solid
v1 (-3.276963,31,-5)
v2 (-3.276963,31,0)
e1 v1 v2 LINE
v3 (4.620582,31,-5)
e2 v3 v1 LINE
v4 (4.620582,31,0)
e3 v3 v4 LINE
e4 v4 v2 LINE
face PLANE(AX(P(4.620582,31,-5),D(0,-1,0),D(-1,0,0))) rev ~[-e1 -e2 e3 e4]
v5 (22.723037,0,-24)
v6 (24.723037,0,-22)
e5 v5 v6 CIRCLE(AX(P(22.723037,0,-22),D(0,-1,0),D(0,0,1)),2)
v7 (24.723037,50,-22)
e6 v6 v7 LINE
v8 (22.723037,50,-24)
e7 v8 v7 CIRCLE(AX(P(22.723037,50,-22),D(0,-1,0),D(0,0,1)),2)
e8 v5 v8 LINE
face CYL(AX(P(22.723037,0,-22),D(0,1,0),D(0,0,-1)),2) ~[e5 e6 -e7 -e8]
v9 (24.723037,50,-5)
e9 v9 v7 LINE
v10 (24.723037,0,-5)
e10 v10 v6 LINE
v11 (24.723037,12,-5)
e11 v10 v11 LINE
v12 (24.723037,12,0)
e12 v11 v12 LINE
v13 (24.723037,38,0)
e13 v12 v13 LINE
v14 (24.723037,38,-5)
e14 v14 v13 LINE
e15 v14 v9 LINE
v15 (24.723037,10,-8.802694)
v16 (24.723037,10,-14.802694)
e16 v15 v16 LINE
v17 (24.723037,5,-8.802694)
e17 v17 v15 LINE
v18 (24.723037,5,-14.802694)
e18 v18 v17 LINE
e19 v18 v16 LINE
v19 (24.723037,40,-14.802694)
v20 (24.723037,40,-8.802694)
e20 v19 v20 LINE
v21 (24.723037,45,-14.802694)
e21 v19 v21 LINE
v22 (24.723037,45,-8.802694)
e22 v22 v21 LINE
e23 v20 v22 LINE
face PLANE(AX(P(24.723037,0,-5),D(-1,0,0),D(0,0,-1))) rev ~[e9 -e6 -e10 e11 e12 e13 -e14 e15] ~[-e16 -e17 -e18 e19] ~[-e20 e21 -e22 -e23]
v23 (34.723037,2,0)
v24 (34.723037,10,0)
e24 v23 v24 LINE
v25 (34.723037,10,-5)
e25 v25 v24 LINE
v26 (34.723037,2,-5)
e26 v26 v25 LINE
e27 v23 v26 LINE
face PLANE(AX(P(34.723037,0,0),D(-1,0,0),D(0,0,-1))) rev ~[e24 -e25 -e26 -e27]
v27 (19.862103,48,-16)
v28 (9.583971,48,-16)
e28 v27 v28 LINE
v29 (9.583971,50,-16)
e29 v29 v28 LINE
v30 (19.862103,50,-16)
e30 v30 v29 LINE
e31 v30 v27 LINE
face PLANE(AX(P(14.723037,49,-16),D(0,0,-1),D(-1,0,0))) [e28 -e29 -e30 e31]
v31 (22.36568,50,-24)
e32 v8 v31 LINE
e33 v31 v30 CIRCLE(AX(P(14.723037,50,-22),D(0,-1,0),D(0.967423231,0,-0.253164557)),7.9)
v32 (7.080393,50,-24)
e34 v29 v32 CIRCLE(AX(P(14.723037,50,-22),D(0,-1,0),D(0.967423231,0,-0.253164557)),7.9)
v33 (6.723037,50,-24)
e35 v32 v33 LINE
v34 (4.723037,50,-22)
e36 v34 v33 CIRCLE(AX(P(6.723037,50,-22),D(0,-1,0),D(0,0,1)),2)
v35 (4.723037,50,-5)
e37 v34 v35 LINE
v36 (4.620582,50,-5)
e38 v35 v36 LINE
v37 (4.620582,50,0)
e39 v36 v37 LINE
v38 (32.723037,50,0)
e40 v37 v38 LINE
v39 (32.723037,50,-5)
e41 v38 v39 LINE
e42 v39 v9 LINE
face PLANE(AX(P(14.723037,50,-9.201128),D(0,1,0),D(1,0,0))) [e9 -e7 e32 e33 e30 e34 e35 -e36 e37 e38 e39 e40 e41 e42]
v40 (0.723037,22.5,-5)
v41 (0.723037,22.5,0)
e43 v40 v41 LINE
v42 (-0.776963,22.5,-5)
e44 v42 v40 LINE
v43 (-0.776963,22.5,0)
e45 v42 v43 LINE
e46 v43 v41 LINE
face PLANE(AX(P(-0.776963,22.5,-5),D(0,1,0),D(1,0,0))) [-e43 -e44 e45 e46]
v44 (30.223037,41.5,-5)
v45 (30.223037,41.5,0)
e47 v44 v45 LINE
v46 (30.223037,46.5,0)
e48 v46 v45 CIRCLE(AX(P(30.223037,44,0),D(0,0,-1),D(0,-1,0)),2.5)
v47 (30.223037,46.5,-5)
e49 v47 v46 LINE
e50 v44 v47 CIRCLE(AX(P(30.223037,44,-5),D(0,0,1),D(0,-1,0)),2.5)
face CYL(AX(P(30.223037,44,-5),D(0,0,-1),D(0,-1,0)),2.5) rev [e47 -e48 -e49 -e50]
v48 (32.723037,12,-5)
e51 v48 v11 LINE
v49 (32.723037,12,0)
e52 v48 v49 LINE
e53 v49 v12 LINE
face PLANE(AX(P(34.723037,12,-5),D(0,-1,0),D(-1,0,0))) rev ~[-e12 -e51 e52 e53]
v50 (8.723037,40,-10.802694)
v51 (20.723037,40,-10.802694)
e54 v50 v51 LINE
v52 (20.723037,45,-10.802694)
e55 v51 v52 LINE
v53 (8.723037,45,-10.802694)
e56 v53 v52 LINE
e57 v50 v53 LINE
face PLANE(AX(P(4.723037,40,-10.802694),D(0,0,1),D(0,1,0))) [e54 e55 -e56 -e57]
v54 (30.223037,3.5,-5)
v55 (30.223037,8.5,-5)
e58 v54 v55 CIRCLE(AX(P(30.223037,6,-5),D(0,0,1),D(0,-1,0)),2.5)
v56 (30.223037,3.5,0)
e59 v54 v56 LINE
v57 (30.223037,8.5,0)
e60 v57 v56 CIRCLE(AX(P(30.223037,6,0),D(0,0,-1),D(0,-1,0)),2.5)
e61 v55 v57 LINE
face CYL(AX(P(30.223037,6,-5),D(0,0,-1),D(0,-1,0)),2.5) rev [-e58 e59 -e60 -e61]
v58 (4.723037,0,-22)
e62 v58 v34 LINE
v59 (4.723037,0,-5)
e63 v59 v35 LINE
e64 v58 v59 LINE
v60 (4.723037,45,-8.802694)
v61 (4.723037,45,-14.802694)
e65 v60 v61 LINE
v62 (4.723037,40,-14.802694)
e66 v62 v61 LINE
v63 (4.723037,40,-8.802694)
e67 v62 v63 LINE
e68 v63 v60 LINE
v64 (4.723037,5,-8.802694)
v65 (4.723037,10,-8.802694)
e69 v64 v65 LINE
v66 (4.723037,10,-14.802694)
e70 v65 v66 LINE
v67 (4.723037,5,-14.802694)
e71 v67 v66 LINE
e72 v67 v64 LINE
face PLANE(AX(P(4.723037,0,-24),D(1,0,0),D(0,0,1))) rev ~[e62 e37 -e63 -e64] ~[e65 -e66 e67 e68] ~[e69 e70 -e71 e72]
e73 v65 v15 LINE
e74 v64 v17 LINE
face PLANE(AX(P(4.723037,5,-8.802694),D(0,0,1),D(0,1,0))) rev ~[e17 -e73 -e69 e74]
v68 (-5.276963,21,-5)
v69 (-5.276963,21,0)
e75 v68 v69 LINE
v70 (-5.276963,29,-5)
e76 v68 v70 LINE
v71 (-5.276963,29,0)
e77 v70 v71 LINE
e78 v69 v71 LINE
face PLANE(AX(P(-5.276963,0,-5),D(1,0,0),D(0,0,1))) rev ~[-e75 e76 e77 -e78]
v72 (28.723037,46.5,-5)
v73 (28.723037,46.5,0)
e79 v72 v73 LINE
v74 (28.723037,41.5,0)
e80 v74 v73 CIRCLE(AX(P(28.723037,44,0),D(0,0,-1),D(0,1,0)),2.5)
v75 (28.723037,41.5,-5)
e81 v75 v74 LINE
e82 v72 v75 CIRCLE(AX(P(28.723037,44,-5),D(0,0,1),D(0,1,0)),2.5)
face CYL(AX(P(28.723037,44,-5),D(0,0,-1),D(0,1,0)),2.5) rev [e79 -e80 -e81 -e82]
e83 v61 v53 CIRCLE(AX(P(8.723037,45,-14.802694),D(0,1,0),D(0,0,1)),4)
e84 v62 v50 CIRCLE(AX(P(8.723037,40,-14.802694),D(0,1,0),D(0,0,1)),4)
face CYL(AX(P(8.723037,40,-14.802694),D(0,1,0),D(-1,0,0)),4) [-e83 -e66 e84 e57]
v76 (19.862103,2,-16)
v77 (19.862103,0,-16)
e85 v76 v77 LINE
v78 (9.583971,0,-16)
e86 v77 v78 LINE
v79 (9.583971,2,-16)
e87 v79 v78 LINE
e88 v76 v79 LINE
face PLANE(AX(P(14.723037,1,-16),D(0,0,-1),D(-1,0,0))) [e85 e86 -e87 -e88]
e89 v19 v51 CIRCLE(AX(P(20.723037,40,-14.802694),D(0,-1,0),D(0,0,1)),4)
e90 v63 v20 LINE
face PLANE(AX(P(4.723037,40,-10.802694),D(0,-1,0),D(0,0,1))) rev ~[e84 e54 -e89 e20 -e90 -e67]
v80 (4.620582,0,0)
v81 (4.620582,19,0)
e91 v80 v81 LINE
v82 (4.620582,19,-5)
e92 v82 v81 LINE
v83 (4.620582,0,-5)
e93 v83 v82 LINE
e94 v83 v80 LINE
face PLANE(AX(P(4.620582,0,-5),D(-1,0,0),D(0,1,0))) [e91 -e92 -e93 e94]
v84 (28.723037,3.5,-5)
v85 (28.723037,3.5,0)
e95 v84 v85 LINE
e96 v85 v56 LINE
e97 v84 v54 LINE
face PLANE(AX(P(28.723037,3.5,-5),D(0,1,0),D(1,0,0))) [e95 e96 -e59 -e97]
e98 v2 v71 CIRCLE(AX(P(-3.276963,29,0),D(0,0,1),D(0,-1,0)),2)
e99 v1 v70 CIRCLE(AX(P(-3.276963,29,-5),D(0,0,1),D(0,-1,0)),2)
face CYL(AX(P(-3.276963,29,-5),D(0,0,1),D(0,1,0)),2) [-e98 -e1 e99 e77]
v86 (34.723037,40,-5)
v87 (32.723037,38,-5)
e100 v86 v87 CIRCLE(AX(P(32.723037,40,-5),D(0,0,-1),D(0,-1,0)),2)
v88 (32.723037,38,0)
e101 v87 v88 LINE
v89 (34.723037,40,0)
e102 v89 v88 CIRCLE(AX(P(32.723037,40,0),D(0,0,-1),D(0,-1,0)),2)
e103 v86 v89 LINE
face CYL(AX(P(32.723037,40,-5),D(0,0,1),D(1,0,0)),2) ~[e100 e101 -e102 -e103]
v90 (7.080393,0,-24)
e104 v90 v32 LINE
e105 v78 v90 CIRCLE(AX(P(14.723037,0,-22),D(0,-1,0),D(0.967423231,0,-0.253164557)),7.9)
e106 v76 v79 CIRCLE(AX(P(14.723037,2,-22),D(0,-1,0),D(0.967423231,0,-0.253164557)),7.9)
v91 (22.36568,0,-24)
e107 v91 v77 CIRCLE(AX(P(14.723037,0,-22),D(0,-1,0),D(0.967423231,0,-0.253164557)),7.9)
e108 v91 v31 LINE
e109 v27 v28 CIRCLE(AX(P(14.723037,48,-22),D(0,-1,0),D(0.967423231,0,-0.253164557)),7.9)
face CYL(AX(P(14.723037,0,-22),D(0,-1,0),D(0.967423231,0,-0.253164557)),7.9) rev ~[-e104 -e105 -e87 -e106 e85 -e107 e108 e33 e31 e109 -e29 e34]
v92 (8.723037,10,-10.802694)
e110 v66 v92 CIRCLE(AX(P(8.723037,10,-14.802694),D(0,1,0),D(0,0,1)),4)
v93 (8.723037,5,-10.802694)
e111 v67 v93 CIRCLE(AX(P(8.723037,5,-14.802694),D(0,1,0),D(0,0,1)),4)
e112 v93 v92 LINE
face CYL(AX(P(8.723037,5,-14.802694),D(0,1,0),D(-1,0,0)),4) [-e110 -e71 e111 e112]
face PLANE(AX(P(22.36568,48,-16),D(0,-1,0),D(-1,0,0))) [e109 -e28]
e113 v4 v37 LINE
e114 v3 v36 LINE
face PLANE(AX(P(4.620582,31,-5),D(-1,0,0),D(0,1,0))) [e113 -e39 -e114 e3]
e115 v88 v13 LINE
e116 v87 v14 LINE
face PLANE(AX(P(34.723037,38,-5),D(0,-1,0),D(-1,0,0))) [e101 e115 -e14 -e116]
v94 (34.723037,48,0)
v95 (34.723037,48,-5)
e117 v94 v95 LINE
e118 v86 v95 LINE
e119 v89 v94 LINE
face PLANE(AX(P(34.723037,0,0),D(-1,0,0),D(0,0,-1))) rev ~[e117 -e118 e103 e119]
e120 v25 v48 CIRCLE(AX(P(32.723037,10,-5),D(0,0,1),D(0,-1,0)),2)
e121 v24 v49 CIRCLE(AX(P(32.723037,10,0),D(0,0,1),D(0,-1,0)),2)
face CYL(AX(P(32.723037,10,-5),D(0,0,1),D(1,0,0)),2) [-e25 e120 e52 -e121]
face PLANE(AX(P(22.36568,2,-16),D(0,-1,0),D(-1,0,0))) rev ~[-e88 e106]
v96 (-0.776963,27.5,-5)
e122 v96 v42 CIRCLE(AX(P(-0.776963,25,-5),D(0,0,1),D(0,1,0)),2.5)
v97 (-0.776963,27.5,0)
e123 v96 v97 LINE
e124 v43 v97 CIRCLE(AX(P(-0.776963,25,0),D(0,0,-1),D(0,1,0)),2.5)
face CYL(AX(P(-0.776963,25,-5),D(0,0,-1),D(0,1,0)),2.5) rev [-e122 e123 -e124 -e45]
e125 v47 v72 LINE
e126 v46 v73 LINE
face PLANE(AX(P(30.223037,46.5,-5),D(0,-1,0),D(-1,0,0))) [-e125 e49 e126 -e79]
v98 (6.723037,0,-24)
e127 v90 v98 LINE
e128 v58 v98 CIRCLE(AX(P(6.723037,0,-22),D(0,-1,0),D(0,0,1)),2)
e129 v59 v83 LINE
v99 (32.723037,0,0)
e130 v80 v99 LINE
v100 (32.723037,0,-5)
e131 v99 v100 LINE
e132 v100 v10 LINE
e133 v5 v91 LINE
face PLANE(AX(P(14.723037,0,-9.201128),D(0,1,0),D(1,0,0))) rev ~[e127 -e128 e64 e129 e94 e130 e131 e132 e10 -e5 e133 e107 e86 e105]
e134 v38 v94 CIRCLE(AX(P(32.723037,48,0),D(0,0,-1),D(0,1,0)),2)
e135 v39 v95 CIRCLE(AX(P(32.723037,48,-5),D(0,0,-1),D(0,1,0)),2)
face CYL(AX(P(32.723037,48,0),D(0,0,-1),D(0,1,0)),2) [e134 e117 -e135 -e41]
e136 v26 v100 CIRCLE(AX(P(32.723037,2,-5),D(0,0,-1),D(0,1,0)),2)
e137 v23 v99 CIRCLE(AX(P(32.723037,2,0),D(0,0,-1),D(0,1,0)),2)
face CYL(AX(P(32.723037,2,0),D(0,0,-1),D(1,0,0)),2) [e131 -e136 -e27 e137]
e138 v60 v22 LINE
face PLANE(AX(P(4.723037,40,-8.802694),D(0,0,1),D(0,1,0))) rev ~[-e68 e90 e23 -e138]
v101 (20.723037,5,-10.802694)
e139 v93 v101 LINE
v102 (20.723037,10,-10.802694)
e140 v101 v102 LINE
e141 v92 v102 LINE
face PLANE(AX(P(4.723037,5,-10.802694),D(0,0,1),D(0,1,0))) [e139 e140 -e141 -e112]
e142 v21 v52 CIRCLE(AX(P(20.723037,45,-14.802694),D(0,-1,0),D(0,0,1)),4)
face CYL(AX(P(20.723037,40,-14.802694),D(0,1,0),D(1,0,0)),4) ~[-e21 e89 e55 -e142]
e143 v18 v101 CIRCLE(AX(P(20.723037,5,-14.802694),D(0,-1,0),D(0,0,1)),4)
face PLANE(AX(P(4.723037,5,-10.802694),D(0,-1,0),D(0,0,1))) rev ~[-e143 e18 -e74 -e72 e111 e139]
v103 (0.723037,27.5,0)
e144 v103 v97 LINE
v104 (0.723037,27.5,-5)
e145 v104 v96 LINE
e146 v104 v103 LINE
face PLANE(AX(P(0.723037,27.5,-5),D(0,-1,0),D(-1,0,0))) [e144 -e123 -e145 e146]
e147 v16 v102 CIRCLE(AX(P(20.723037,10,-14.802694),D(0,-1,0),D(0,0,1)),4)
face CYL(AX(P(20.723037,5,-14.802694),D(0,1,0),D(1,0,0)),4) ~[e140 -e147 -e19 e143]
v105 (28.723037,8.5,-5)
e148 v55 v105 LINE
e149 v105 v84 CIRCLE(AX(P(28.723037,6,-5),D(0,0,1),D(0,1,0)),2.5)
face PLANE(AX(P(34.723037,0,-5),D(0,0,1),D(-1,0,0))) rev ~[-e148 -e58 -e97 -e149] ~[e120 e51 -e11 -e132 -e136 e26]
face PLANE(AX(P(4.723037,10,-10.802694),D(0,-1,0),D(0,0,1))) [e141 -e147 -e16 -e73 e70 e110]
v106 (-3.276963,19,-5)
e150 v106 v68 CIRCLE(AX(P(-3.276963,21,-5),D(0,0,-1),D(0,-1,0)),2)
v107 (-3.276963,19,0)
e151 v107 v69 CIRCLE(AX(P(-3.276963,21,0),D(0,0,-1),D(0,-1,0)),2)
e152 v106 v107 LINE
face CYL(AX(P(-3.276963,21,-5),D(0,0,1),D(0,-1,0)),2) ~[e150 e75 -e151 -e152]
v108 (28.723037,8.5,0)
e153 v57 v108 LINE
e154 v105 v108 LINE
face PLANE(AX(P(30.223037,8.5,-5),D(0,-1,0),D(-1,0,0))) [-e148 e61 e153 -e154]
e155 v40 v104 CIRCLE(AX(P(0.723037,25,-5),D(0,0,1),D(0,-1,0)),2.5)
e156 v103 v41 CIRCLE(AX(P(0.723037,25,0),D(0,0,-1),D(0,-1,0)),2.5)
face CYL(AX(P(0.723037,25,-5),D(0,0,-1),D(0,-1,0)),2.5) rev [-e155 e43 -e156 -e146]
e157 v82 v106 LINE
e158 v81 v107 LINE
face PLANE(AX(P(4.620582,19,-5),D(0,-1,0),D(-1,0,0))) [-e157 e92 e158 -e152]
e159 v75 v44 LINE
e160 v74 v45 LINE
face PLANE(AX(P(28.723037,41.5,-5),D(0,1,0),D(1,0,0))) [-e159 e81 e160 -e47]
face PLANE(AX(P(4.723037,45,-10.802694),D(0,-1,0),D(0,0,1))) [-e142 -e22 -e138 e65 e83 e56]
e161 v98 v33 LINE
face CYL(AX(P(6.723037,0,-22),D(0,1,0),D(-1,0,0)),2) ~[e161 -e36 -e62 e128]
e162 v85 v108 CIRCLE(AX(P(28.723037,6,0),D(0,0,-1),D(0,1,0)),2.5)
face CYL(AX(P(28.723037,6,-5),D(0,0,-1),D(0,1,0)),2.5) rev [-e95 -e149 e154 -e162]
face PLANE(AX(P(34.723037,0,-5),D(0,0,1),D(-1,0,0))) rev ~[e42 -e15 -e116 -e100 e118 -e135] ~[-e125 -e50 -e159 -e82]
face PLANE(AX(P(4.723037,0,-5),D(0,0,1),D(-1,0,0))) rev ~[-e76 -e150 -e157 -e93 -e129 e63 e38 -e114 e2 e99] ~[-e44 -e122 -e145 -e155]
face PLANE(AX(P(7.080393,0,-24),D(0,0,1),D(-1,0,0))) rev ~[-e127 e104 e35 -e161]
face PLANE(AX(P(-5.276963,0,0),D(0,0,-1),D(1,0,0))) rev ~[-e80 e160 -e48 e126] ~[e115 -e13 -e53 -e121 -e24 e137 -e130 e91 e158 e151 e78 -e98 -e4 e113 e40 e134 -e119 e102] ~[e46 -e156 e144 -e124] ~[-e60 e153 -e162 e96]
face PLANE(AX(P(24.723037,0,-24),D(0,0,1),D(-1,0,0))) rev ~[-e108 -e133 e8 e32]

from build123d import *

# Parameters (mm, degrees)
BOSS_EXTRUDE1_DEPTH = 50
SKETCH2_W           = 15.285287044
SKETCH2_H           = 2
BOSS_EXTRUDE2_DEPTH = 10
FILLET1_R           = 2
SKETCH3_W           = 10
SKETCH3_H           = 26
SKETCH3_W_2         = 9.897545425
SKETCH3_H_2         = 19
CUT_EXTRUDE1_DEPTH  = 6
SKETCH4_W           = 2
SKETCH4_H           = 5
CUT_EXTRUDE2_DEPTH  = 31
FILLET2_R           = 4
FILLET3_R           = 2


with BuildPart() as part:
    # Sketch1 → Boss-Extrude1 (new body)
    with BuildSketch(Plane(origin=(0, 0, 0), x_dir=(1, 0, 0), z_dir=(0, 1, 0))):
        with BuildLine():
            Line((-5.276963181, 0), (34.723036819, 0))
            Line((34.723036819, 0), (34.723036819, 5))
            Line((34.723036819, 5), (24.723036819, 5))
            Line((24.723036819, 5), (24.723036819, 24))
            Line((24.723036819, 24), (22.365680341, 24))
            ThreePointArc((22.365680341, 24), (14.723036819, 14.1), (7.080393297, 24))
            Line((7.080393297, 24), (4.723036819, 24))
            Line((4.723036819, 24), (4.723036819, 5))
            Line((4.723036819, 5), (-5.276963181, 5))
            Line((-5.276963181, 5), (-5.276963181, 0))
        make_face()
    extrude(amount=BOSS_EXTRUDE1_DEPTH)

    # Sketch2 → Boss-Extrude2 (add)
    with BuildSketch(Plane(origin=(0, 0, -16), x_dir=(-1, 0, 0), z_dir=(0, 0, -1))):
        with Locations((-14.723036819, 49)):
            Rectangle(SKETCH2_W, SKETCH2_H)
        with Locations((-14.723036819, 1)):
            Rectangle(SKETCH2_W, SKETCH2_H)
    extrude(amount=-BOSS_EXTRUDE2_DEPTH)

    # Fillet1
    fillet1_edges = [part.edges().sort_by_distance(p)[0] for p in [
        (34.723036819, 50, -2.5),
        (34.723036819, 0, -2.5),
        (-5.276963181, 0, -2.5),
        (4.723036819, 25, -24),
        (24.723036819, 25, -24),
        (-5.276963181, 50, -2.5),
    ]]
    fillet(fillet1_edges, radius=FILLET1_R)

    # Sketch3 → Cut-Extrude1 (cut, through all)
    with BuildSketch(Plane(origin=(0, 0, -5), x_dir=(-1, 0, 0), z_dir=(0, 0, -1))):
        with BuildLine():
            Line((-0.723036819, 27.5), (0.776963181, 27.5))
            ThreePointArc((0.776963181, 27.5), (3.276963181, 25), (0.776963181, 22.5))
            Line((0.776963181, 22.5), (-0.723036819, 22.5))
            ThreePointArc((-0.723036819, 22.5), (-3.223036819, 25), (-0.723036819, 27.5))
        make_face()
        with BuildLine():
            Line((-30.223036819, 46.5), (-28.723036819, 46.5))
            ThreePointArc((-28.723036819, 46.5), (-26.223036819, 44), (-28.723036819, 41.5))
            Line((-28.723036819, 41.5), (-30.223036819, 41.5))
            ThreePointArc((-30.223036819, 41.5), (-32.723036819, 44), (-30.223036819, 46.5))
        make_face()
        with Locations((-29.723036819, 25)):
            Rectangle(SKETCH3_W, SKETCH3_H)
        with BuildLine():
            Line((-30.223036819, 8.5), (-28.723036819, 8.5))
            ThreePointArc((-28.723036819, 8.5), (-26.223036819, 6), (-28.723036819, 3.5))
            Line((-28.723036819, 3.5), (-30.223036819, 3.5))
            ThreePointArc((-30.223036819, 3.5), (-32.723036819, 6), (-30.223036819, 8.5))
        make_face()
        with Locations((0.328190468, 40.5)):
            Rectangle(SKETCH3_W_2, SKETCH3_H_2)
        with Locations((0.328190468, 9.5)):
            Rectangle(SKETCH3_W_2, SKETCH3_H_2)
    extrude(amount=-CUT_EXTRUDE1_DEPTH, mode=Mode.SUBTRACT)

    # Sketch4 → Cut-Extrude2 (cut, through all)
    with BuildSketch(Plane.ZY.offset(-4.723036819)):
        with Locations((-9.802694021, 42.5)):
            Rectangle(SKETCH4_W, SKETCH4_H)
        with Locations((-9.802694021, 7.5)):
            Rectangle(SKETCH4_W, SKETCH4_H)
    extrude(amount=-CUT_EXTRUDE2_DEPTH, mode=Mode.SUBTRACT)

    # Fillet2
    fillet2_edges = [part.edges().sort_by_distance(p)[0] for p in [
        (24.723036819, 42.5, -10.802694021),
        (4.723036819, 42.5, -10.802694021),
        (24.723036819, 7.5, -10.802694021),
        (4.723036819, 7.5, -10.802694021),
    ]]
    fillet(fillet2_edges, radius=FILLET2_R)

    # Fillet3
    fillet3_edges = [part.edges().sort_by_distance(p)[0] for p in [
        (34.723036819, 12, -2.5),
        (34.723036819, 38, -2.5),
        (-5.276963181, 31, -2.5),
        (-5.276963181, 19, -2.5),
    ]]
    fillet(fillet3_edges, radius=FILLET3_R)


solid = part.part
